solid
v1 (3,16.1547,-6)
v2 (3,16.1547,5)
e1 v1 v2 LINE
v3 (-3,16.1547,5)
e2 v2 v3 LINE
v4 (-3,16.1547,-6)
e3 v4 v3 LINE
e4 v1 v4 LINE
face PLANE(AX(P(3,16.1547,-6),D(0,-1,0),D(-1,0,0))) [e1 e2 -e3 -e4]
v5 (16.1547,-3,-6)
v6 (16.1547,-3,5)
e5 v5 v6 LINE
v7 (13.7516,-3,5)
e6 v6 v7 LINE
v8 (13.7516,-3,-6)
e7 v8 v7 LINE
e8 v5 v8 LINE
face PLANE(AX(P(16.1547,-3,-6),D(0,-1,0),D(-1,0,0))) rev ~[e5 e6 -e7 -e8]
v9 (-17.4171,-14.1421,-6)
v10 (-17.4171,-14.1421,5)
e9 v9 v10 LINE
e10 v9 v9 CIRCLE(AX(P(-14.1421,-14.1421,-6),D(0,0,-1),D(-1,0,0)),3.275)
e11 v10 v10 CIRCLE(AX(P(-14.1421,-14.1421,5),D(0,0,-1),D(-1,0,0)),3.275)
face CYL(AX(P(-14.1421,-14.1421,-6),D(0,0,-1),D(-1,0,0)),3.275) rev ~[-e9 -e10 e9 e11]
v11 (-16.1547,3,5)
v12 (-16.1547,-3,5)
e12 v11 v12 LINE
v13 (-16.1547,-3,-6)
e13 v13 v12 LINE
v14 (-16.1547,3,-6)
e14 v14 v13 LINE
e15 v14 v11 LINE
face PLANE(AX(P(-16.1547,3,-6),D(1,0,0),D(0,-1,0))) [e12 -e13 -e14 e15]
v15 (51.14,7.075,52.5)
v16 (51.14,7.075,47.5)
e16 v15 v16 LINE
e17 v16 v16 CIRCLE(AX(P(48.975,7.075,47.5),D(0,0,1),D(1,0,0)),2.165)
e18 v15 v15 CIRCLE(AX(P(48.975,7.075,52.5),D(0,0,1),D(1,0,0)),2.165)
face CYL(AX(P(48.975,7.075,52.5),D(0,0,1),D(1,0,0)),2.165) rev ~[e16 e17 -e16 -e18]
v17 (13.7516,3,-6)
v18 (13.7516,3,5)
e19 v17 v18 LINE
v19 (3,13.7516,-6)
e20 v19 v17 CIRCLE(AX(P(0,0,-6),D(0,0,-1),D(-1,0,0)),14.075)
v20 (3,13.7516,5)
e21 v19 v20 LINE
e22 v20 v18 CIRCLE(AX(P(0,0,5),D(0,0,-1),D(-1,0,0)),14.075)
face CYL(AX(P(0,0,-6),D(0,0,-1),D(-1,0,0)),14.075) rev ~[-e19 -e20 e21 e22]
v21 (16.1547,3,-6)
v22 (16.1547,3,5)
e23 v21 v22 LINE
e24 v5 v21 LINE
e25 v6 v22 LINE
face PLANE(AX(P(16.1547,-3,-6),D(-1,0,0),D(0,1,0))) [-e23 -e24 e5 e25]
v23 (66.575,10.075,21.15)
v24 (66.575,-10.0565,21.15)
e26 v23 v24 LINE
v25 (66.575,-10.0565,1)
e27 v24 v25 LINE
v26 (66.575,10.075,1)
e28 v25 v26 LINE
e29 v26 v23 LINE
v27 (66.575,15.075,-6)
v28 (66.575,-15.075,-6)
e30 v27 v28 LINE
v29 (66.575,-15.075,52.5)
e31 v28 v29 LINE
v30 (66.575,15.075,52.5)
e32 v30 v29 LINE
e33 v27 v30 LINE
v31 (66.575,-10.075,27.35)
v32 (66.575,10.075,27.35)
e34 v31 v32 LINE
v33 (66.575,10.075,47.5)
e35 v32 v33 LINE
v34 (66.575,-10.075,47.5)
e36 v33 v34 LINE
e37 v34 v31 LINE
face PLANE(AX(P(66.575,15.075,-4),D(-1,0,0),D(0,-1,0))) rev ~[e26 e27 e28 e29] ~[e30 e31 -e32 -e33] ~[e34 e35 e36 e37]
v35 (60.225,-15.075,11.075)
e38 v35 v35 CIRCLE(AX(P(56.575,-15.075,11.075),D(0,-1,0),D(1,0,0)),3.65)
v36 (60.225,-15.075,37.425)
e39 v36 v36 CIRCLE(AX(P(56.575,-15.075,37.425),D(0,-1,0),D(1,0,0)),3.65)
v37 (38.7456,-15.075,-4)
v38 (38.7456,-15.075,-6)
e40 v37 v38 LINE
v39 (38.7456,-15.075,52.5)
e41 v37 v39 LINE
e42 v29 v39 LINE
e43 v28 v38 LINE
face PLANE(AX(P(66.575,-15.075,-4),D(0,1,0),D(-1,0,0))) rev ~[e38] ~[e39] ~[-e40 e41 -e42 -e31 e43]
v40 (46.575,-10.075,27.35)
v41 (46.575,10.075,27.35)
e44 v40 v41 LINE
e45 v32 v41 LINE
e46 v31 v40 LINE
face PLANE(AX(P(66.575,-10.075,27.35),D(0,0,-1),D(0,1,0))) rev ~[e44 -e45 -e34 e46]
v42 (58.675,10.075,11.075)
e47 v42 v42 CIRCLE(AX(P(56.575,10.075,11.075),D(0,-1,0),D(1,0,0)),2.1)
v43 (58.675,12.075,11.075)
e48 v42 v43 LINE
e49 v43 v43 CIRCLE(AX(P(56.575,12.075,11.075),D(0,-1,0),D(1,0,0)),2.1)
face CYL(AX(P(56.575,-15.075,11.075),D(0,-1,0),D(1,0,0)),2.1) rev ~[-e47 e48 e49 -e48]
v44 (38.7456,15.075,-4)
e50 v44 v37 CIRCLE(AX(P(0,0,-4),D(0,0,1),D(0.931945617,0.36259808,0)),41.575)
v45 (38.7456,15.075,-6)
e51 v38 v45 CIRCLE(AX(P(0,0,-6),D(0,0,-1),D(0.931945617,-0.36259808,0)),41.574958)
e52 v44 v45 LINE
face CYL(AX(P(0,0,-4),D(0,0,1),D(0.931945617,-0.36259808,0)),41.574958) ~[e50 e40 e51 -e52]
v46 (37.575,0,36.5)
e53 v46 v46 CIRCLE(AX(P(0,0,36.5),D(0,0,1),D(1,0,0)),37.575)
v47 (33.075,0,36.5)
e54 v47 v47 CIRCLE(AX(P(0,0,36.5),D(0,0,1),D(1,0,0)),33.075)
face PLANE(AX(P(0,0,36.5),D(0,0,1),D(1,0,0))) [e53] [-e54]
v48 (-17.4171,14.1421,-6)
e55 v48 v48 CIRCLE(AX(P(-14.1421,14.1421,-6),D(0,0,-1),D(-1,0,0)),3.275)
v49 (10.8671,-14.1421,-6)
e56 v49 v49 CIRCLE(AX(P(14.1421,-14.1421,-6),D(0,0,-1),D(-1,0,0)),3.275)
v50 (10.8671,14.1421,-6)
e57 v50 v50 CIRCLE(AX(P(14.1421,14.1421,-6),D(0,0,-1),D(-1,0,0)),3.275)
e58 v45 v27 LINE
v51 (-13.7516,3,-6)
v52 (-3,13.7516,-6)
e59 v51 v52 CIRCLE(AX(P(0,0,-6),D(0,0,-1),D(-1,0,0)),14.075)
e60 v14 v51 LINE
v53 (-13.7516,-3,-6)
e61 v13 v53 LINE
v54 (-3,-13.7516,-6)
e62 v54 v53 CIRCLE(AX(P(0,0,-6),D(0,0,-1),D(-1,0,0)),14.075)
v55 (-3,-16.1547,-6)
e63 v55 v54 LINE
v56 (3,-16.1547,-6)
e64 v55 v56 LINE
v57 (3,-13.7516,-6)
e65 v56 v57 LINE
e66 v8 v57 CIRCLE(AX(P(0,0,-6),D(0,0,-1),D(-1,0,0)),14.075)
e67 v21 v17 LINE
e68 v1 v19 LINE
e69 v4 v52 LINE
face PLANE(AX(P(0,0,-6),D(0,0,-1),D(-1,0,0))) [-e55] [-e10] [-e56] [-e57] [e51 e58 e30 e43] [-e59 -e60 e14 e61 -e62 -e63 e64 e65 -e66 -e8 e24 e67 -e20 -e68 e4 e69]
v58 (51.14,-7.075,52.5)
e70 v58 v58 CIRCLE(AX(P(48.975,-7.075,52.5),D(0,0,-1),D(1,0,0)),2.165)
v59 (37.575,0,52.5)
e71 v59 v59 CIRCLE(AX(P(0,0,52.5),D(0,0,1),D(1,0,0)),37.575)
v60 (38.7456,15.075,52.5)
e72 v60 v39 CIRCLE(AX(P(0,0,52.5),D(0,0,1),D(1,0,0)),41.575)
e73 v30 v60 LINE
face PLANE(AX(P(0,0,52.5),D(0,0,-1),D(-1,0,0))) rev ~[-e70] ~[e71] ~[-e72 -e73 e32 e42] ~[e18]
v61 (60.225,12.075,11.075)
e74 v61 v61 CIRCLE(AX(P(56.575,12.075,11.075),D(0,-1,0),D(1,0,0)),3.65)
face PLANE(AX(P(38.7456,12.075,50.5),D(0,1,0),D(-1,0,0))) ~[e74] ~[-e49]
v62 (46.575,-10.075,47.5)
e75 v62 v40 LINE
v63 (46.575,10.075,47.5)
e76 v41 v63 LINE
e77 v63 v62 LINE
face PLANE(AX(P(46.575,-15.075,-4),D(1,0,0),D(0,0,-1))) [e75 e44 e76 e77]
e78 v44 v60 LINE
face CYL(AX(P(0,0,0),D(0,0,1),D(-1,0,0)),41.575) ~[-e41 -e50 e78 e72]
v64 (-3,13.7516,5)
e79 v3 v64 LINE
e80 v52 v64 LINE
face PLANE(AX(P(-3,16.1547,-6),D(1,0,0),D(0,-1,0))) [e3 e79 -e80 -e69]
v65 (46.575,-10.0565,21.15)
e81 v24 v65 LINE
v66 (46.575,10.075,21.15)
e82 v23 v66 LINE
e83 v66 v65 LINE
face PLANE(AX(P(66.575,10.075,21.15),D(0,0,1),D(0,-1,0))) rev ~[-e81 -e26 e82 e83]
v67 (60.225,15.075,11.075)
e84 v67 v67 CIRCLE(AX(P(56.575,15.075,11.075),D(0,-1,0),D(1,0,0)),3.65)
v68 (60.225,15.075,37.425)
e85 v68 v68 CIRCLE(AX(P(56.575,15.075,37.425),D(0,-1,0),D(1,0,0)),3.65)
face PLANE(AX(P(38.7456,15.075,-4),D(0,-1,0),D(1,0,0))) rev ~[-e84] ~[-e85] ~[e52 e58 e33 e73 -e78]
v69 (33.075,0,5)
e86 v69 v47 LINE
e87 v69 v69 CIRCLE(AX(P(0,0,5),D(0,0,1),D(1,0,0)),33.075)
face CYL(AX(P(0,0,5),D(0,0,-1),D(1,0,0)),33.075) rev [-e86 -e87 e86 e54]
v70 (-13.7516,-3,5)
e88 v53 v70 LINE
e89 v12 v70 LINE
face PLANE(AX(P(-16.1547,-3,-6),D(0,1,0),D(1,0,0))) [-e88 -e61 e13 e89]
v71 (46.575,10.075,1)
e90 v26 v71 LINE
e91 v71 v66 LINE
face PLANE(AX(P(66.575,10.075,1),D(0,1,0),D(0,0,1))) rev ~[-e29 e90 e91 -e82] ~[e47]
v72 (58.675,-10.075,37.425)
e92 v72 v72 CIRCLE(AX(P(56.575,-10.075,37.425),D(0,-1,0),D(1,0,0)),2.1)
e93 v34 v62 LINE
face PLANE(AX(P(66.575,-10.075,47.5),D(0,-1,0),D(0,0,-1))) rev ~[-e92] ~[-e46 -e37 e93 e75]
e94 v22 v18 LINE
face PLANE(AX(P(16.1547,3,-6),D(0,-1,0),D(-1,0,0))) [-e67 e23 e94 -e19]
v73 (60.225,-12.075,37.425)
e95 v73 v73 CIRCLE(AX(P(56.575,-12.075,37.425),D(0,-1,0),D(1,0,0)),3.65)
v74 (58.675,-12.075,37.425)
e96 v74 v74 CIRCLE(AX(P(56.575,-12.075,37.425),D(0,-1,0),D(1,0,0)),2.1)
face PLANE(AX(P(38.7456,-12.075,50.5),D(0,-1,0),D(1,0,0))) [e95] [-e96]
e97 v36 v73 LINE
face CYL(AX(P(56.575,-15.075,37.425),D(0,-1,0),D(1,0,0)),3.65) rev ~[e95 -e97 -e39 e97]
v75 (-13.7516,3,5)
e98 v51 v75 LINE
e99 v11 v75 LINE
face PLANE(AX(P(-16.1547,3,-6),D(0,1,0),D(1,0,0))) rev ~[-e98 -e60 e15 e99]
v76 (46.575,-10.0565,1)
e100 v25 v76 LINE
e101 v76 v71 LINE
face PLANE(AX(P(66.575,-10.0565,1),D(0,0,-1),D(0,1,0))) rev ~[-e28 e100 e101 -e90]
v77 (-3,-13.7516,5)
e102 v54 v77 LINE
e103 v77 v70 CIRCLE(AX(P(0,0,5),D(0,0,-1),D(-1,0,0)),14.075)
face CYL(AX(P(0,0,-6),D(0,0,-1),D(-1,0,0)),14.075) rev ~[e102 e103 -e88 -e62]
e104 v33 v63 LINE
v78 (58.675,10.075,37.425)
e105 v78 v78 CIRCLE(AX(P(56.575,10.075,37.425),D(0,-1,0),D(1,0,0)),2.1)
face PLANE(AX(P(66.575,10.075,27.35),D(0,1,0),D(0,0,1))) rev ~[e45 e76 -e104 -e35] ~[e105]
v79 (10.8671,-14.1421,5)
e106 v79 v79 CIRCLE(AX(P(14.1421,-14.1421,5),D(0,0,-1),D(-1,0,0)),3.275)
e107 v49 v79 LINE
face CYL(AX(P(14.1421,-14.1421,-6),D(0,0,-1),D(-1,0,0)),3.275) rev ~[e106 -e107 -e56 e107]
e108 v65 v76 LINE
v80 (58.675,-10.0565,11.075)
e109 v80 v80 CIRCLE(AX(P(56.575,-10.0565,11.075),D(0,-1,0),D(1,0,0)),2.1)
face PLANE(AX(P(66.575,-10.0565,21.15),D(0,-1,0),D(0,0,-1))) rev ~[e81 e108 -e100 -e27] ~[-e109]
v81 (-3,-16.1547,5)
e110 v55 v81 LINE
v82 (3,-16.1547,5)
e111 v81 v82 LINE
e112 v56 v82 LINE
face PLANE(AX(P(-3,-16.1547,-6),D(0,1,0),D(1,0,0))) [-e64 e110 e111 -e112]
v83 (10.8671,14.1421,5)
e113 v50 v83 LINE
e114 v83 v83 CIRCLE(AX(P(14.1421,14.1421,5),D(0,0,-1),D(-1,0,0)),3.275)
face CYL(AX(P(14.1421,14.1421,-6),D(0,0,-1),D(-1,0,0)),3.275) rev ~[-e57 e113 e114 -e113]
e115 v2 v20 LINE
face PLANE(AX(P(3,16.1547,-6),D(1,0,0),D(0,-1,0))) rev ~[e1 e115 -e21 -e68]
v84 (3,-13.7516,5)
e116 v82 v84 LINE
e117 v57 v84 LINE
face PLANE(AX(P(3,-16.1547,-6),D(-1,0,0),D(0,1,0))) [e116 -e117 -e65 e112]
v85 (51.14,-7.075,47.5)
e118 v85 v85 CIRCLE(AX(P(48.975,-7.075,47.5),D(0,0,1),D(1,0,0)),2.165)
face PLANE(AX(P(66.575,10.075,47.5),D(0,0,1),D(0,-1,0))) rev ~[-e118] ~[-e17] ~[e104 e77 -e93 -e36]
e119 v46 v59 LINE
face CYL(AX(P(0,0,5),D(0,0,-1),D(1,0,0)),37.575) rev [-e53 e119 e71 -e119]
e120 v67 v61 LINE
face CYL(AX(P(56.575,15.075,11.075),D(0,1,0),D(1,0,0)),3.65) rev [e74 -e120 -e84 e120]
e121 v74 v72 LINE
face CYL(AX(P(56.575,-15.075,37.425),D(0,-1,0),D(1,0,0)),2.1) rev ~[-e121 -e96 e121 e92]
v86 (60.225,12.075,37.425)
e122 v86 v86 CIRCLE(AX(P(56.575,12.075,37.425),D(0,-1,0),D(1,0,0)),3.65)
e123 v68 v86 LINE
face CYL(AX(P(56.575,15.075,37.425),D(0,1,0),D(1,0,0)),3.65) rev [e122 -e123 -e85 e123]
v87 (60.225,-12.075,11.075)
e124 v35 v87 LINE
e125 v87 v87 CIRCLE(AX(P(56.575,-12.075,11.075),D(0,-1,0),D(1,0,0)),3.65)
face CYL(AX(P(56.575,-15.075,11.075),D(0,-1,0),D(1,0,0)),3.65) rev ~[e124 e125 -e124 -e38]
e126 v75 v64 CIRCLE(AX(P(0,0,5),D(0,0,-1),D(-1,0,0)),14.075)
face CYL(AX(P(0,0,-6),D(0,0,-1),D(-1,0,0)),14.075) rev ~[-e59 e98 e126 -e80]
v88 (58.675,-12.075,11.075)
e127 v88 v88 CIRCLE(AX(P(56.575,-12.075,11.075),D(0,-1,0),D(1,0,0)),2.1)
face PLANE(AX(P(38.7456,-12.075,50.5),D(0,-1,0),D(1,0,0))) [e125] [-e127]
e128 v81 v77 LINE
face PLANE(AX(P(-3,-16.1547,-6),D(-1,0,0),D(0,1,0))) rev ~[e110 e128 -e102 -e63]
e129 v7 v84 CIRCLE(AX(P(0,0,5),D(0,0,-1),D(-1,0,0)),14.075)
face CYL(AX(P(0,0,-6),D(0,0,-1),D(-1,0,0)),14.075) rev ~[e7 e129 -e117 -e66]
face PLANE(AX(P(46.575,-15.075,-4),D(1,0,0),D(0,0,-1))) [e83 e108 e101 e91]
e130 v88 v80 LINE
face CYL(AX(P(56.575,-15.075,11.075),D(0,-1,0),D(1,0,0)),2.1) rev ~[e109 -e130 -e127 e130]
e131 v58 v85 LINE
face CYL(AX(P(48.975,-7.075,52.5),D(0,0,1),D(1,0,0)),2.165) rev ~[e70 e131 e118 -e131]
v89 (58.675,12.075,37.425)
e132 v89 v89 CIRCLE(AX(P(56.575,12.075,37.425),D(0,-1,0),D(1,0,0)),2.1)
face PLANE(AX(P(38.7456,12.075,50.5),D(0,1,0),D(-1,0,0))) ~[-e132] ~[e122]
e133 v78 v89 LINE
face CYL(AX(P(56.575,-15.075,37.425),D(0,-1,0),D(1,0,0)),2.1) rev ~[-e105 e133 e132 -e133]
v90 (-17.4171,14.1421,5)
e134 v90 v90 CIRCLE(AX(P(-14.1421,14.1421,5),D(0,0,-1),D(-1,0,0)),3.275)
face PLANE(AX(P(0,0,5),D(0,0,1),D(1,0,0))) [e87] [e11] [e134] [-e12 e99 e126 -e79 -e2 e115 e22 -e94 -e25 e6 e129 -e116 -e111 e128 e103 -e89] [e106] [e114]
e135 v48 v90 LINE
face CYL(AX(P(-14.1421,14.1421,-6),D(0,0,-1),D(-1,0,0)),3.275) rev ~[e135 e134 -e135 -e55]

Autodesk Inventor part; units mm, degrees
ref_plane "YZ Plane" through (0, 0, 0) normal (1, 0, 0) x (0, 1, 0)
sketch "草圖1" plane through (0, 0, 0) normal (0, 0, 1) x (1, 0, 0)
  circle A0 centre (0, 0) radius 19.6
  circle A1 centre (0, 0) radius 41.575
  dimension "d0" = 39.2
  dimension "d1" = 83.15
extrude "擠出1" add sketch "草圖1" along normal blind 5
sketch "草圖2" plane through (0, 0, 0) normal (0, 0, -1) x (-1, 0, 0)
  circle A0 centre (0, 0) radius 41.575 projected
extrude "擠出2" add sketch "草圖2" along normal blind 4
sketch "草圖4" plane through (0, 0, 5) normal (0, 0, 1) x (1, 0, 0)
  circle A0 centre (0, 0) radius 41.575 projected
  circle A1 centre (0, 0) radius 37.575
  dimension "d14" = 4
extrude "擠出4" add sketch "草圖4" along normal blind 47.5
sketch "草圖5" plane through (0, 0, 5) normal (0, 0, 1) x (1, 0, 0)
  circle A0 centre (0, 0) radius 37.575 projected
  circle A1 centre (0, 0) radius 33.075
  dimension "d17" = 4.5
extrude "擠出5" add sketch "草圖5" along normal blind 31.5
sketch "草圖6" plane through (0, 0, -4) normal (0, 0, -1) x (-1, 0, 0)
  line L0 (-66.575, 15.075) -> (-66.575, -15.075)
  line L1 (-66.575, 15.075) -> (-38.7456, 15.075)
  circle A0 centre (0, 0) radius 41.575 projected
  line L2 (-66.575, -15.075) -> (-38.7456, -15.075)
  point P0 (-41.575, 0)
  dimension "d20" = 30.15
  dimension "d22" = 15.075
  dimension "d25" = 25
extrude "擠出6" add sketch "草圖6" against normal up to surface (56.5 mm away) contours L1 A0 L2 L0
sketch "草圖7" plane through (66.575, -15.075, -4) normal (1, 0, 0) x (0, 0, -1)
  line L0 (-56.5, 30.15) -> (-56.5, 0) projected
  line L1 (0, 0) -> (-56.5, 0) projected
  line L2 (0, 30.15) -> (0, 0) projected
  line L3 (0, 30.15) -> (-56.5, 30.15) projected
  line L4 (-51.5, 5) -> (-31.35, 5)
  line L5 (-31.35, 5) -> (-31.35, 25.15)
  line L6 (-31.35, 25.15) -> (-51.5, 25.15)
  line L7 (-51.5, 25.15) -> (-51.5, 5)
  line L8 (-51.5, 5) -> (-31.35, 25.15) construction
  line L9 (-31.35, 5) -> (-51.5, 25.15) construction
  line L10 (-25.15, 5.0185) -> (-5, 5.0185)
  line L11 (-5, 5.0185) -> (-5, 25.15)
  line L12 (-5, 25.15) -> (-25.15, 25.15)
  line L13 (-25.15, 25.15) -> (-25.15, 5.0185)
  line L14 (-25.15, 5.0185) -> (-5, 25.15) construction
  line L15 (-5, 5.0185) -> (-25.15, 25.15) construction
  point P0 (-4, 15.075)
  point P1 (-41.425, 15.075)
  point P2 (-15.075, 15.0842)
  dimension "d26" = 20.15
  dimension "d27" = 20.15
  dimension "d28" = 20.15
  dimension "d29" = 5
  dimension "d30" = 5
  dimension "d31" = 5
extrude "擠出7" cut sketch "草圖7" against normal blind 20 contours L7 L6 L5 L4 | L13 L12 L11 L10
sketch "草圖8" plane through (0, 0, 52.5) normal (0, 0, 1) x (1, 0, 0)
  line L0 (52.9465, -6.0747) -> (44.9865, -6.0635) projected
  line L1 (52.9465, -6.0747) -> (52.9551, 0.0253) projected
  line L2 (44.9951, 0.0365) -> (52.9551, 0.0253) projected
  line L3 (44.9865, -6.0635) -> (44.9951, 0.0365) projected
  circle A0 centre (48.975, -7.075) radius 2.165
  circle A1 centre (48.975, 7.075) radius 2.165
  line L4 (38.7456, -15.075) -> (66.575, -15.075) projected
  line L5 (66.575, 15.075) -> (40.0902, 15.075) projected
  point P0 (0, 0)
  dimension "d36" = 4.33
  dimension "d37" = 4.33
  dimension "d38" = 8
  dimension "d39" = 8
extrude "擠出8" cut sketch "草圖8" against normal up to surface (5 mm away) contours A0 L0 | L0 A0 | A1
ref_plane "工作平面6" through (38.7456, -15.075, 50.5) normal (0, -1, 0) x (1, 0, 0)
sketch "草圖9" plane through (38.7456, -15.075, 50.5) normal (0, -1, 0) x (1, 0, 0)
  line L0 (27.8294, -29.35) -> (27.8294, -49.5) projected
  line L1 (27.8294, -29.35) -> (7.8294, -29.35) projected
  line L2 (7.8294, -29.35) -> (7.8294, -49.5) projected
  line L3 (27.8294, -49.5) -> (7.8294, -49.5) projected
  line L4 (27.8294, -3) -> (27.8294, -23.15) projected
  line L5 (27.8294, -3) -> (7.8294, -3) projected
  line L6 (7.8294, -3) -> (7.8294, -23.15) projected
  line L7 (27.8294, -23.15) -> (7.8294, -23.15) projected
  circle A0 centre (17.8294, -39.425) radius 2.1
  circle A1 centre (17.8294, -13.075) radius 2.1
  point P0 (-38.7456, -50.5)
  dimension "d42" = 4.2
  dimension "d43" = 4.2
extrude "擠出9" cut sketch "草圖9" against normal through all contours A0 | A1
ref_plane "工作平面7" through (38.7456, -15.075, 50.5) normal (0, -1, 0) x (1, 0, 0)
sketch "草圖10" plane through (38.7456, -15.075, 50.5) normal (0, -1, 0) x (1, 0, 0)
  circle A0 centre (17.8294, -39.425) radius 2.1 projected
  circle A1 centre (17.8294, -39.425) radius 3.65
  circle A2 centre (17.8294, -13.075) radius 2.1 projected
  circle A3 centre (17.8294, -13.075) radius 3.65
  point P0 (-38.7456, -50.5)
  dimension "d46" = 7.3
  dimension "d47" = 7.3
extrude "擠出10" cut sketch "草圖10" against normal blind 3
sketch "草圖14" plane through (0, 0, 5) normal (0, 0, 1) x (1, 0, 0)
  circle A0 centre (0, 0) radius 19.6 projected
extrude "擠出13" add sketch "草圖14" against normal up to surface (9 mm away)
sketch "草圖19" plane through (0, 0, -4) normal (0, 0, -1) x (-1, 0, 0)
  arc A0 (-38.7456, -15.075) -> (-38.7456, 15.075) centre (0, 0) ccw projected
  line L0 (-38.7456, 15.075) -> (-66.575, 15.075) projected
  line L1 (-66.575, 15.075) -> (-66.575, -15.075) projected
  line L2 (-66.575, -15.075) -> (-38.7456, -15.075) projected
extrude "擠出18" add sketch "草圖19" along normal blind 2
sketch "草圖20" plane through (0, 0, -6) normal (0, 0, -1) x (-1, 0, 0)
  circle A0 centre (0, 0) radius 20 construction
  line L0 (0, 0) -> (14.1421, -14.1421) construction
  line L1 (0, 0) -> (20, 0) construction
  circle A1 centre (14.1421, -14.1421) radius 3.275
  circle A2 centre (14.1421, 14.1421) radius 3.275
  circle A3 centre (-14.1421, 14.1421) radius 3.275
  circle A4 centre (-14.1421, -14.1421) radius 3.275
  circle A5 centre (0, 0) radius 33.075 projected
  circle A6 centre (0, 0) radius 14.075
  line L2 (3, -16.1547) -> (-3, -16.1547)
  line L3 (-3, -16.1547) -> (-3, -13.7516)
  line L4 (3, -16.1547) -> (3, -13.7516)
  line L5 (16.1547, 3) -> (13.7516, 3)
  line L6 (16.1547, -3) -> (13.7516, -3)
  line L7 (16.1547, 3) -> (16.1547, -3)
  line L8 (-3, 16.1547) -> (-3, 13.7516)
  line L9 (3, 16.1547) -> (3, 13.7516)
  line L10 (-3, 16.1547) -> (3, 16.1547)
  line L11 (-16.1547, -3) -> (-13.7516, -3)
  line L12 (-16.1547, 3) -> (-13.7516, 3)
  line L13 (-16.1547, -3) -> (-16.1547, 3)
  dimension "d83" = 40
  dimension "d84" = 45
  dimension "d85" = 6.55
  dimension "d88" = 360
  dimension "d90" = 28.15
  dimension "d91" = 6
  dimension "d92" = 3
  dimension "d95" = 360
extrude "擠出19" cut sketch "草圖20" against normal up to surface (11 mm away) contours A1 | A2 | A3 | A4 | A6 | A6 L5 L7 L6 | A6 L8 L10 L9 | L4 L2 L3 A6 | A6 L11 L13 L12
mirror "鏡射2" about plane through (0, 0, 0) normal (0, 1, 0) of "擠出10"
equation "\"d22\" = 0.5 * d20"
equation "\"d27\" = d26"
equation "\"d28\" = d26"
properties part number "j2 moving part option2_3D 列印"
